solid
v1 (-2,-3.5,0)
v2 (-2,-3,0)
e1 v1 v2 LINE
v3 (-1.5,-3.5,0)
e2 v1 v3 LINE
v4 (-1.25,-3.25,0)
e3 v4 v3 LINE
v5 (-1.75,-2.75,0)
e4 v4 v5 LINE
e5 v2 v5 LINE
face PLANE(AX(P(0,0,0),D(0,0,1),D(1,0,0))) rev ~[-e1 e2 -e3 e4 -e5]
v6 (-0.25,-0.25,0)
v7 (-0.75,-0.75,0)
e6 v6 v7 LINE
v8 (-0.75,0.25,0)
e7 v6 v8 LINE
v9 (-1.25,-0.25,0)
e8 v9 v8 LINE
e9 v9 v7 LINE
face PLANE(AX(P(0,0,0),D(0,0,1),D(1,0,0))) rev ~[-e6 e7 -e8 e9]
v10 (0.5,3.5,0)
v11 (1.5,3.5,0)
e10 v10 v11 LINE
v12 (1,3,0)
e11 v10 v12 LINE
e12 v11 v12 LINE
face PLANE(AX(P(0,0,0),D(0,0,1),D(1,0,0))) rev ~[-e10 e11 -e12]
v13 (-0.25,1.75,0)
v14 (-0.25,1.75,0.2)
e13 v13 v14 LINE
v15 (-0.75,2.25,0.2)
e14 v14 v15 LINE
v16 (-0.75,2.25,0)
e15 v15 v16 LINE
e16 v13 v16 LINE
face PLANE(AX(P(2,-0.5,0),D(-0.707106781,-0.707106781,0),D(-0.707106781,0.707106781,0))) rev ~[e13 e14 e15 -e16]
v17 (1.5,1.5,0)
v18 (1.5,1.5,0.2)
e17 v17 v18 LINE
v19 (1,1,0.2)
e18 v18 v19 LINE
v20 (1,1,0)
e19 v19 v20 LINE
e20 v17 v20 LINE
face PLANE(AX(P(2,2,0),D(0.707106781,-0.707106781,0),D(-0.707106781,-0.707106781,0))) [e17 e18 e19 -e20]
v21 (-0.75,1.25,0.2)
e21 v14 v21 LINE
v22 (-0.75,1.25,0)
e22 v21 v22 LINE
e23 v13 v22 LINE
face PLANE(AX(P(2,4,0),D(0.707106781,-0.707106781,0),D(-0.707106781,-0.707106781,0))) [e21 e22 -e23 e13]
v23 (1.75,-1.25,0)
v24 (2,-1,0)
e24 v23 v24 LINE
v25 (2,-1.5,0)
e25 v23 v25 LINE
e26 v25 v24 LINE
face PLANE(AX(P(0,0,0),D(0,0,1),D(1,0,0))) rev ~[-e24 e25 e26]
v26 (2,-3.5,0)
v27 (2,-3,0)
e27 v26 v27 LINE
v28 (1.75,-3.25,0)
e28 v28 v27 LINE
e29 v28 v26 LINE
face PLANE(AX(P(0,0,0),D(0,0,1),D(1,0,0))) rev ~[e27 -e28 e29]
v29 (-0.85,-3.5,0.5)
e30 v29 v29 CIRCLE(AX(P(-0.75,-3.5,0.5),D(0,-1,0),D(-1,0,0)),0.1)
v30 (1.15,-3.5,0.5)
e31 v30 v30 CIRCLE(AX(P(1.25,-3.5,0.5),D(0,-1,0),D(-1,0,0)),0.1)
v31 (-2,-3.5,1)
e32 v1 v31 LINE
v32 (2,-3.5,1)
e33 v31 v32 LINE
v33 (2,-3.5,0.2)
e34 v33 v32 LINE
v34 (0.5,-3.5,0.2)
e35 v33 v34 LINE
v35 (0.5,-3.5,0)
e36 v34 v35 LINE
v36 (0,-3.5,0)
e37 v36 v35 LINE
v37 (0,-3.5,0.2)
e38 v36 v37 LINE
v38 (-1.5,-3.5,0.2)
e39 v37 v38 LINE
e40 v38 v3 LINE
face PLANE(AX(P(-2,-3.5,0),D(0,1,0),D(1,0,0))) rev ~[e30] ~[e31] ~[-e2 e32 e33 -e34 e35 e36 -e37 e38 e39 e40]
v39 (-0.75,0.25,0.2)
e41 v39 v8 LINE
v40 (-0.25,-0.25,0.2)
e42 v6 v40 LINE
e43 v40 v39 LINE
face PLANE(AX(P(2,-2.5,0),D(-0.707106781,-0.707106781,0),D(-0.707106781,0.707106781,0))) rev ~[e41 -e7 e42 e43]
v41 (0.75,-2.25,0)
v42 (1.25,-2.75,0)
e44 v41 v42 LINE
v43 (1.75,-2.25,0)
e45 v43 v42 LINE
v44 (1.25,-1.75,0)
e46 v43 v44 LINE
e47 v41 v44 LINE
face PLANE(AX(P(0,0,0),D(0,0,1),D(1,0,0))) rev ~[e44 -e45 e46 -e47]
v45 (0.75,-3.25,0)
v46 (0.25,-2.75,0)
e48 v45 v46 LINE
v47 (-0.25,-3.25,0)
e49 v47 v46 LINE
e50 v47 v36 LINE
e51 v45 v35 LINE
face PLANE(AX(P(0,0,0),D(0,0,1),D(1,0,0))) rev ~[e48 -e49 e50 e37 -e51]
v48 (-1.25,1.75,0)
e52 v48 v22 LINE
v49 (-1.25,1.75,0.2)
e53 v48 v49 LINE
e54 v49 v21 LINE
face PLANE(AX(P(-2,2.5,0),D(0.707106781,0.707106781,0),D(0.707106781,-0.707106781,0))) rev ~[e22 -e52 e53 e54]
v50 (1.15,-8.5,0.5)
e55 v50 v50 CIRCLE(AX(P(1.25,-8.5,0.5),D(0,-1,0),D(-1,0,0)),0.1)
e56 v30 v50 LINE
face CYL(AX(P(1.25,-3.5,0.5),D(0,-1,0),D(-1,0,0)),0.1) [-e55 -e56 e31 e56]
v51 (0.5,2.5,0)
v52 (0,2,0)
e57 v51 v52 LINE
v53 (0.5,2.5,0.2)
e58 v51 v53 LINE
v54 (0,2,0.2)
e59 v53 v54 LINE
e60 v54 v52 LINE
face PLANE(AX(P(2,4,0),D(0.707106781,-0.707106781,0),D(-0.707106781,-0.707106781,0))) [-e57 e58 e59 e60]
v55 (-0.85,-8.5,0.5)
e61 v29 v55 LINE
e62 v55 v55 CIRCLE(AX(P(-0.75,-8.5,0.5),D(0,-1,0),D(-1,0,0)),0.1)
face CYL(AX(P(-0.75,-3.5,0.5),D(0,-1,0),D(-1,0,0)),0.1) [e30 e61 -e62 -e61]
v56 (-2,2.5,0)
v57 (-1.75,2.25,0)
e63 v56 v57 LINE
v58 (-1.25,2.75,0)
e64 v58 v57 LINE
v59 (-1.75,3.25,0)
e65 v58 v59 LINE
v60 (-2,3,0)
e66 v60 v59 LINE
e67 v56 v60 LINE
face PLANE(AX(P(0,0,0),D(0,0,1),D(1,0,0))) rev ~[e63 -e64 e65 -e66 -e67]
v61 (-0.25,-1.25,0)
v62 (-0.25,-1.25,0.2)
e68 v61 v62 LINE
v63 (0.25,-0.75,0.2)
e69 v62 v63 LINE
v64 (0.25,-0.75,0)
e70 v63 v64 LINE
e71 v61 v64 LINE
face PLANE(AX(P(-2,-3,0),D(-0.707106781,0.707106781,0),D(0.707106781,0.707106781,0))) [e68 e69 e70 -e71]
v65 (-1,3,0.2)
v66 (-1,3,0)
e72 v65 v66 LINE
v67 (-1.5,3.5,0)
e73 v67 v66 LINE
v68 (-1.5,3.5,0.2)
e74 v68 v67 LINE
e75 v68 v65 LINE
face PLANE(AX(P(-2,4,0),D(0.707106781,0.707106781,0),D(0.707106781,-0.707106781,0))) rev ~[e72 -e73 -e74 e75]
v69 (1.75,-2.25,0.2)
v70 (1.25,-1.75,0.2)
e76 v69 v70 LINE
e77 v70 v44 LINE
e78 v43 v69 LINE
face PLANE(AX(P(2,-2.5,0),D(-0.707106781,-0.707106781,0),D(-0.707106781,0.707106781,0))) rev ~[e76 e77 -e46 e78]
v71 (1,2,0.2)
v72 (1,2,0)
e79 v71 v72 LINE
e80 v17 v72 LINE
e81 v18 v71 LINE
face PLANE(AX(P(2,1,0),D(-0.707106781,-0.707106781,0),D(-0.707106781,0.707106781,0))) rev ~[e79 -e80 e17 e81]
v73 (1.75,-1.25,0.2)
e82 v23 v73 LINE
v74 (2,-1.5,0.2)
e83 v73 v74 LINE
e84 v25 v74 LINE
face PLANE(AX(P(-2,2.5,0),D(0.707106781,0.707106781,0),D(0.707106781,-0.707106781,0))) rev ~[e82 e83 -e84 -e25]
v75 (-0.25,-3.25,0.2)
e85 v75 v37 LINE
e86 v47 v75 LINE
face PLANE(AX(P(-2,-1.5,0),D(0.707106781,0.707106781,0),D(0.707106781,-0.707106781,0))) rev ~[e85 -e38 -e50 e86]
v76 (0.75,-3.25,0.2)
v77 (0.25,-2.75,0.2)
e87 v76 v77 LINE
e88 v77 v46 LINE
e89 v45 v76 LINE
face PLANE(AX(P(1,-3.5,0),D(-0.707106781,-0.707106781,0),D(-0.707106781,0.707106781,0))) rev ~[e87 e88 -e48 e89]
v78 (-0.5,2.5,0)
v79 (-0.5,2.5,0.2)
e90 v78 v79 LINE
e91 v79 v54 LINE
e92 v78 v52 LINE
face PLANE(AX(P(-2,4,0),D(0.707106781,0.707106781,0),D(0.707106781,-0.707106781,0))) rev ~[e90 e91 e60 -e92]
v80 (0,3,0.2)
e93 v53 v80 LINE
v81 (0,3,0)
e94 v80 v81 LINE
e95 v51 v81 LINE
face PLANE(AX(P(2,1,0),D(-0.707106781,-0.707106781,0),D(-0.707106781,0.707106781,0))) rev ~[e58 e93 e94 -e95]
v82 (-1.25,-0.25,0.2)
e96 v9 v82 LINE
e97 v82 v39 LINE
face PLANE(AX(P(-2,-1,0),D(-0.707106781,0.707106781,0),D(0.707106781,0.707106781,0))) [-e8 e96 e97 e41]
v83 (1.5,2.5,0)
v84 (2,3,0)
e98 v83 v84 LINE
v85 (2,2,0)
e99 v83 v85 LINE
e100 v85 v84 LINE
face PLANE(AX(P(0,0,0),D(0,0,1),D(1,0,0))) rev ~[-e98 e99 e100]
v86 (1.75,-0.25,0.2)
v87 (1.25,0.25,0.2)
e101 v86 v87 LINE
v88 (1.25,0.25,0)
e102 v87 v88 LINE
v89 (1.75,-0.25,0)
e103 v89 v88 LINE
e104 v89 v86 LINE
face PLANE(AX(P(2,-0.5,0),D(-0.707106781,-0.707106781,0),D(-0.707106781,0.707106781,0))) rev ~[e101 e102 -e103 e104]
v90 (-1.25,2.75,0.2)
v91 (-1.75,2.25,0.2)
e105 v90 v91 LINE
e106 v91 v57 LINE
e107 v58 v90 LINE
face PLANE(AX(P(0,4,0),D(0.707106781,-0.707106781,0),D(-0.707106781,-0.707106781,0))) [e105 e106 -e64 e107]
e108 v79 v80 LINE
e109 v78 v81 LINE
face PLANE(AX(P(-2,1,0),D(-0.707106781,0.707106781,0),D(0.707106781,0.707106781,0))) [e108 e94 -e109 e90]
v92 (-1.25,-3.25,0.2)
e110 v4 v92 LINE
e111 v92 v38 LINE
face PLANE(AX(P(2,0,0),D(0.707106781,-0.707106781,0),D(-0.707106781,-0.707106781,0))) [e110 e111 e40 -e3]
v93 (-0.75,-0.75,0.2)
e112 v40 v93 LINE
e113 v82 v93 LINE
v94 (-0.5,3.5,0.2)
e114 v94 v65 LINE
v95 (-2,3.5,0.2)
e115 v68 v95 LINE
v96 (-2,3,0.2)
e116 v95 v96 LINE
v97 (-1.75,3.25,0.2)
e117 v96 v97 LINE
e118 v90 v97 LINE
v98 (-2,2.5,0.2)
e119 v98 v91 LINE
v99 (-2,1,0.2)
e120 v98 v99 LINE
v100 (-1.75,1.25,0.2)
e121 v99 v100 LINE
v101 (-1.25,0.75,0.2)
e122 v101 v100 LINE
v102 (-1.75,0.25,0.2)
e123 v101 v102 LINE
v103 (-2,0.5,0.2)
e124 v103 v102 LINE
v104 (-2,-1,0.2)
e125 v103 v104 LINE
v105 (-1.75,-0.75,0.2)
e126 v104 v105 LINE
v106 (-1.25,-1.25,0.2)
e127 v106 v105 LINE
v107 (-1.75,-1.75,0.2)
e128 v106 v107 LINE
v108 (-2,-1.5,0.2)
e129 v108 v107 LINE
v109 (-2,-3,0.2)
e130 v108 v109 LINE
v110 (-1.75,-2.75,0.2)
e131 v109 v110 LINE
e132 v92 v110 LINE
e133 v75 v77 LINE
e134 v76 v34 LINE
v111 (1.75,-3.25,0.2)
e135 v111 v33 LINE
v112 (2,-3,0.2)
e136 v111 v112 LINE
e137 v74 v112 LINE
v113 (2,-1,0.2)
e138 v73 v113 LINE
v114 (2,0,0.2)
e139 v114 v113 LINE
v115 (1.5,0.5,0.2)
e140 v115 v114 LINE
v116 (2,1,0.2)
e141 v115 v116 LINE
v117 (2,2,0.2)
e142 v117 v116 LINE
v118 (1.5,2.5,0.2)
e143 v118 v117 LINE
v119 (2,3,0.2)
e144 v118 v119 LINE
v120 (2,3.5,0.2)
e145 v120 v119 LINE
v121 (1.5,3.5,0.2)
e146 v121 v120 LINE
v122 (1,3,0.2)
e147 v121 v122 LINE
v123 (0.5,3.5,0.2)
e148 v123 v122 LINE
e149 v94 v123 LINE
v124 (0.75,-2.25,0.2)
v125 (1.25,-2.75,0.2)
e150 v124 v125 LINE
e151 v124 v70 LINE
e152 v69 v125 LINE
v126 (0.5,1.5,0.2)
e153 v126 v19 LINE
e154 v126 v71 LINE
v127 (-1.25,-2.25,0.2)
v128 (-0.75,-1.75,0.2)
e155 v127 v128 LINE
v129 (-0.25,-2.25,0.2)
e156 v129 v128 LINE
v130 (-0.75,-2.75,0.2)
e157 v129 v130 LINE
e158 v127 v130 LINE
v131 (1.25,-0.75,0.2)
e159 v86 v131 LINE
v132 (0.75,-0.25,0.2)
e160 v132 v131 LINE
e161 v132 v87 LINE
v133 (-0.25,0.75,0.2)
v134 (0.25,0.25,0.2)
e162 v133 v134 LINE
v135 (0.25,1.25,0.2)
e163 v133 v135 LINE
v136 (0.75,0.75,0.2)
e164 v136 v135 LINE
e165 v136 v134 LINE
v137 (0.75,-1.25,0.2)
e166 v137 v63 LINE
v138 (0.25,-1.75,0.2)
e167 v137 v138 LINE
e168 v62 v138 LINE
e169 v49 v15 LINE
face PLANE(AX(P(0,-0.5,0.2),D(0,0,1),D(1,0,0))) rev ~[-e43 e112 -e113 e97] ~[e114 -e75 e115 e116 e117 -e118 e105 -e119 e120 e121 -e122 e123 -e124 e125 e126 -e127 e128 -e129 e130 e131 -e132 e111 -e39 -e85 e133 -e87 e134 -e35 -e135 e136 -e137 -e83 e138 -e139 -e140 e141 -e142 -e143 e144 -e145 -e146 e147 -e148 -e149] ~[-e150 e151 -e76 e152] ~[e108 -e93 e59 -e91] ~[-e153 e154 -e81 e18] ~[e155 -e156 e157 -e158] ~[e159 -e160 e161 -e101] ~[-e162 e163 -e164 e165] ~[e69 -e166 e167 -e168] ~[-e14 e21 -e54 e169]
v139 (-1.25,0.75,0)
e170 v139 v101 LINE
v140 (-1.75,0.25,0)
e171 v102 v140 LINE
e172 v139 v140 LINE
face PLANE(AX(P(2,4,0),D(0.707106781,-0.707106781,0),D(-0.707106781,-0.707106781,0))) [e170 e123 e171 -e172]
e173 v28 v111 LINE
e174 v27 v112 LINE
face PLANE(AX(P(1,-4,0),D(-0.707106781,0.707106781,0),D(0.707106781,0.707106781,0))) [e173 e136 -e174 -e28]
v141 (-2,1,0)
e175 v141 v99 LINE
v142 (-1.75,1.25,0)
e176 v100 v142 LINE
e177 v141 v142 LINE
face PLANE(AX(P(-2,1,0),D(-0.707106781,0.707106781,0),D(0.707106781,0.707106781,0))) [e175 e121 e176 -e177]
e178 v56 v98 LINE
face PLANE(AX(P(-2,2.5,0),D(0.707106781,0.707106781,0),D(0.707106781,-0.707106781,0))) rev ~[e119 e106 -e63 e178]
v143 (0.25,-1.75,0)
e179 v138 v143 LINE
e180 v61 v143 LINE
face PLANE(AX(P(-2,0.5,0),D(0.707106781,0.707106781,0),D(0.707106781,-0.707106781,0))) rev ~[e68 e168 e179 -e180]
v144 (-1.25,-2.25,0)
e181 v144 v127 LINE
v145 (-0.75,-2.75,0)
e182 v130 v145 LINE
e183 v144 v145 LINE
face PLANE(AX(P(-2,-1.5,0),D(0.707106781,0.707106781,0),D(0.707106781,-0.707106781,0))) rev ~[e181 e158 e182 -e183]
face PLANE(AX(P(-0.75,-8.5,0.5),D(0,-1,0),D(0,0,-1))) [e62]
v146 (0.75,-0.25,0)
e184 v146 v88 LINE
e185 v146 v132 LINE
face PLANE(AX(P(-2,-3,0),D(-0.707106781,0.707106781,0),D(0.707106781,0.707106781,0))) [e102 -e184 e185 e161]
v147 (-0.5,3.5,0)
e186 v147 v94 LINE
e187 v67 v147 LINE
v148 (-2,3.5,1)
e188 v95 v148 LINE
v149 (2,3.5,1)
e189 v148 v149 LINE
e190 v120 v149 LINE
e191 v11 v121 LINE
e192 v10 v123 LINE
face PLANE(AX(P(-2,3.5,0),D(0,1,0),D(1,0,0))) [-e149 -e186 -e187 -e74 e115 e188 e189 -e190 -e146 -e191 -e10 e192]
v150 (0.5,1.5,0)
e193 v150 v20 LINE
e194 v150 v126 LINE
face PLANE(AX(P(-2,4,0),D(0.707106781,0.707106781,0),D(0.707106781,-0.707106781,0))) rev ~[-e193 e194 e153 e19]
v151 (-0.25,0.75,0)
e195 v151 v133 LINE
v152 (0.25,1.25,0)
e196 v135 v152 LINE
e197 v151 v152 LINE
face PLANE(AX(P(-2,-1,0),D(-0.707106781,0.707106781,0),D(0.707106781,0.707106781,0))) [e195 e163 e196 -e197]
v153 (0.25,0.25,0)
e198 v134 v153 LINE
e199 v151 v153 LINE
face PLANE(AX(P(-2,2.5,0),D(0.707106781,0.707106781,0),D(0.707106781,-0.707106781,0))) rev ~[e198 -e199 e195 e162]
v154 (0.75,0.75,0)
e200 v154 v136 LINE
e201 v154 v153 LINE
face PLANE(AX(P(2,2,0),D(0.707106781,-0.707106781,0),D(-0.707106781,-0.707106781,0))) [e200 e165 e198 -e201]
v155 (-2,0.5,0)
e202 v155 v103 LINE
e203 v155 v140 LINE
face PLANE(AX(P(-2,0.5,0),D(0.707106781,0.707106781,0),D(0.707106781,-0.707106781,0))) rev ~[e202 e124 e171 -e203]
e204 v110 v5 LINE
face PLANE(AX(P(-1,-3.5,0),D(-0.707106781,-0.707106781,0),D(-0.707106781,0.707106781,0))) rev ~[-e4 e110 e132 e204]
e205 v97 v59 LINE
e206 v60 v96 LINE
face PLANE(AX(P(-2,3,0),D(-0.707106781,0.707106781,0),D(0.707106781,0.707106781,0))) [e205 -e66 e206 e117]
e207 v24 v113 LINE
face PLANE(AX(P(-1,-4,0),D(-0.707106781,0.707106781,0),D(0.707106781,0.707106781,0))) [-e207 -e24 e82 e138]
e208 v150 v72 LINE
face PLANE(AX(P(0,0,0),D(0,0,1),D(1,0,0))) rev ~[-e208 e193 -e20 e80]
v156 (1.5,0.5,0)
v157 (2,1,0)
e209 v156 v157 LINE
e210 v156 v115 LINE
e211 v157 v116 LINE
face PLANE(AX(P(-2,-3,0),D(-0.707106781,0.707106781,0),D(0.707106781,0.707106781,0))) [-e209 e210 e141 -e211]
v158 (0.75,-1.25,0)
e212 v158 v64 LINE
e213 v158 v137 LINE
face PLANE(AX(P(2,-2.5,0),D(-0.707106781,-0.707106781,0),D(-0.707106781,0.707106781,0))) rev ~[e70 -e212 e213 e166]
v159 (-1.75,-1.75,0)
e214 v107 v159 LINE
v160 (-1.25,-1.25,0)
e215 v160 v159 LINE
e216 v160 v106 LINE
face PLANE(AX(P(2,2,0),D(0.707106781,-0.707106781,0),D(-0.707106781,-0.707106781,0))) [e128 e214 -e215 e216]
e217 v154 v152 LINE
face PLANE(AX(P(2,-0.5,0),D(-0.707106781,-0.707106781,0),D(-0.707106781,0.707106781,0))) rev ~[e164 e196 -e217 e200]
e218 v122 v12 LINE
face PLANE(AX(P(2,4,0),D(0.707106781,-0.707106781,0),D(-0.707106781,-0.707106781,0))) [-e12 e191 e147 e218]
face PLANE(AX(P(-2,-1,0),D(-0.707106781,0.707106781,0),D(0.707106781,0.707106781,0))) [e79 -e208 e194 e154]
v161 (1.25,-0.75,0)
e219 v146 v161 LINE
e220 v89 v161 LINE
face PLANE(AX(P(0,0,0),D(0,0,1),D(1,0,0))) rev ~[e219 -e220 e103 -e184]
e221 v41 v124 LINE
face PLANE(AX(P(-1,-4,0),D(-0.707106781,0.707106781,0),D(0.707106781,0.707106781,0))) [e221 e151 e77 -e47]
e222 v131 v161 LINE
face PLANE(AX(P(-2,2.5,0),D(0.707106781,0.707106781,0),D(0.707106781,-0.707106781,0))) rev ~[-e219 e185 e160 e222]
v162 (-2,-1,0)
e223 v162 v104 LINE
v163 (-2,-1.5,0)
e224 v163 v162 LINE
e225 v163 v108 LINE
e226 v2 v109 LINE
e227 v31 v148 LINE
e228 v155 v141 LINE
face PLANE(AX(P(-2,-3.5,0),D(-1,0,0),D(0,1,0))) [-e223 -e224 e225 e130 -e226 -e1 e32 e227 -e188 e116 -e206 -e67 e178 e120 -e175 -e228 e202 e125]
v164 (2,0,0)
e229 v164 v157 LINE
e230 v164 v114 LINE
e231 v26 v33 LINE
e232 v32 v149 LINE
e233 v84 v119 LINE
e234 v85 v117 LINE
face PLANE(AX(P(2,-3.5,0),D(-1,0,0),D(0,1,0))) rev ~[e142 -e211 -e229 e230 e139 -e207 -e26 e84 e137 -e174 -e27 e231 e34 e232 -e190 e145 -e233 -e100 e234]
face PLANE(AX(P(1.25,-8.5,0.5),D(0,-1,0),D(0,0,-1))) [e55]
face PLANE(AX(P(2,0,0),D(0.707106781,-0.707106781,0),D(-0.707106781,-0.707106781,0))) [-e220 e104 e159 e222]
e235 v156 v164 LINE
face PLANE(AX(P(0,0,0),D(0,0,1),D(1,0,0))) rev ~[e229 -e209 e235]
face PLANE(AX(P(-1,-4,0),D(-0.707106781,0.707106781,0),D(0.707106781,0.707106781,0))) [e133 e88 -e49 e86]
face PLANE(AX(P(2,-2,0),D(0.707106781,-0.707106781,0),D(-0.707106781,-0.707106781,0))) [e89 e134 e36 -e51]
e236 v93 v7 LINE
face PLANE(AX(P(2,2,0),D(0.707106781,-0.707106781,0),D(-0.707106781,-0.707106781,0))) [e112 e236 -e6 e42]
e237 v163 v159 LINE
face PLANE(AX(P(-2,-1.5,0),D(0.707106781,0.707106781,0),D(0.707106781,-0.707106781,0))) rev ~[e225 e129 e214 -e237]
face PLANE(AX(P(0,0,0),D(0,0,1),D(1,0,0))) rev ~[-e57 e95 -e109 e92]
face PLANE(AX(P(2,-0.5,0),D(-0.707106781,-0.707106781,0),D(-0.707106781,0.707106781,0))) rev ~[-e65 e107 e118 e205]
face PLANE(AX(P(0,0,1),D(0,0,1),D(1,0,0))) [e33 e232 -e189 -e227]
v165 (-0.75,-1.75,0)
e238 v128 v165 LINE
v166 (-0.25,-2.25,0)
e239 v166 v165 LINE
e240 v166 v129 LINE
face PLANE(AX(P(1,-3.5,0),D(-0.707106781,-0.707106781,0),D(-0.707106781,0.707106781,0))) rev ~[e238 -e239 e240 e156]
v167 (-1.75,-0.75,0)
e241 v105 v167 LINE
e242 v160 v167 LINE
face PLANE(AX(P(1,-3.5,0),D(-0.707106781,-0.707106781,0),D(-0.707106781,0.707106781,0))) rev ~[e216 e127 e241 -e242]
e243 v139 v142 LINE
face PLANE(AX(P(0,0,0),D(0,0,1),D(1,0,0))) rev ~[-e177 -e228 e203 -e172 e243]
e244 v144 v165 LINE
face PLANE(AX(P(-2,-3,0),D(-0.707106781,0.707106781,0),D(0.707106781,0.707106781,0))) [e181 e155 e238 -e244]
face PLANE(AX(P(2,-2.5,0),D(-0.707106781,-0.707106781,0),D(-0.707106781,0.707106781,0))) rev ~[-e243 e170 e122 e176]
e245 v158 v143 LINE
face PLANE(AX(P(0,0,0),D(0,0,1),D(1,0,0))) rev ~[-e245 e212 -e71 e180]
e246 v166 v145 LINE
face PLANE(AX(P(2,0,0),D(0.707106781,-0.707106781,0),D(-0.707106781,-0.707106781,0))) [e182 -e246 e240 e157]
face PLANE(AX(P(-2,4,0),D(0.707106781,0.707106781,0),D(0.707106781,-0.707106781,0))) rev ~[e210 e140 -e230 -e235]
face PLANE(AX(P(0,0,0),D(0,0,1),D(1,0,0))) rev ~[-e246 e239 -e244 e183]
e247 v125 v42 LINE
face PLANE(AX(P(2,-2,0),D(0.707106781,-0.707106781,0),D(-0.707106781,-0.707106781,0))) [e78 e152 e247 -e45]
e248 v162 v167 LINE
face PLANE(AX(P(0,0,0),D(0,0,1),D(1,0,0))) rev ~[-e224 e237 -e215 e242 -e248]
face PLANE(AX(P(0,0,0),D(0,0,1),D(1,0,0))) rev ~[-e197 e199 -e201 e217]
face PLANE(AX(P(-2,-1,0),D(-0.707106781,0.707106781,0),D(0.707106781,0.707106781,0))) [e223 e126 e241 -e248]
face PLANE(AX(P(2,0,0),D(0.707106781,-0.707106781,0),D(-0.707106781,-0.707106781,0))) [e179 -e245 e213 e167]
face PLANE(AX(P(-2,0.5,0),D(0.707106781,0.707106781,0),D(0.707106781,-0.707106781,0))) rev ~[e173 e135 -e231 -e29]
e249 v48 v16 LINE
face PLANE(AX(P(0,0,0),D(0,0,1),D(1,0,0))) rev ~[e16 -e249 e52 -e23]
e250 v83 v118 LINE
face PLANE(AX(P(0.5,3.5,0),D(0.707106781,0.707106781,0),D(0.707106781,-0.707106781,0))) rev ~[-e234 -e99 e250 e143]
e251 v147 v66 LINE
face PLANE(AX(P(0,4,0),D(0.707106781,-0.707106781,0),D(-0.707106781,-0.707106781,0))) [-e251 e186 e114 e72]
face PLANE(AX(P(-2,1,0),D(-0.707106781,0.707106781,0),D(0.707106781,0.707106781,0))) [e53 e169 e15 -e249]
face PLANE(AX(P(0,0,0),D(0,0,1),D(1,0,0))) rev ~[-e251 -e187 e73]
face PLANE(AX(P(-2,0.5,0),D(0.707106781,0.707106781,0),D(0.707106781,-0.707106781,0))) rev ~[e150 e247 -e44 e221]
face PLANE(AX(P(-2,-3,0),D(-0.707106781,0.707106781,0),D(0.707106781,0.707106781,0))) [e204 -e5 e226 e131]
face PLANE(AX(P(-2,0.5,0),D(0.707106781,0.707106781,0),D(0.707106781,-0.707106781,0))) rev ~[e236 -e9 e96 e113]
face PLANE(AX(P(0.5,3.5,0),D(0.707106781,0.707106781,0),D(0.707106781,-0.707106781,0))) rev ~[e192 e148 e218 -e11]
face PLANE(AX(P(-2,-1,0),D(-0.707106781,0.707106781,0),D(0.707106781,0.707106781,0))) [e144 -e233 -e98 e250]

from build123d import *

# Parameters (mm, degrees)
SKETCH_1_W          = 4
SKETCH_1_H          = 7
EXTRUDE_2_DEPTH     = 1
CUT_EXTRUDE_1_DEPTH = 0.2
CUT_EXTRUDE_3_DEPTH = 0.2
SWEEP_1_PROFILE_R   = 0.1
SWEEP_2_PROFILE_R   = 0.1


with BuildPart() as part:
    # 草图1 → 凸台-拉伸2 (new body)
    with BuildSketch(Plane.XY):
        Rectangle(SKETCH_1_W, SKETCH_1_H)
    extrude(amount=EXTRUDE_2_DEPTH)

    # 草图2 → 切除-拉伸1 (cut)
    with BuildSketch(Plane(origin=(0, 0, 0), x_dir=(-1, 0, 0), z_dir=(0, 0, -1))):
        Polygon((1, -3.5), (2, -2.5), (2, -1.5), (0, -3.5), align=None)
        Polygon((-1, -3.5), (2, -0.5), (2, 0.5), (-2, -3.5), align=None)
        Polygon((-2, -2.5), (2, 1.5), (2, 2.5), (-2, -1.5), align=None)
        Polygon((2, 4), (-2, 0), (-2, -0.5), (2, 3.5), align=None)
        Polygon((-2, 1), (0.5, 3.5), (-0.5, 3.5), (-2, 2), align=None)
        Polygon((-2, 3), (-1.5, 3.5), (-2, 3.5), align=None)
    extrude(amount=-CUT_EXTRUDE_1_DEPTH, mode=Mode.SUBTRACT)

    # 草图4 → 切除-拉伸3 (cut)
    with BuildSketch(Plane.XY):
        Polygon((1, -4), (2, -3), (2, -2), (0, -4), align=None)
        Polygon((-1, -4), (2, -1), (2, 0), (-2, -4), align=None)
        Polygon((-2, -3), (2, 1), (2, 2), (-2, -2), align=None)
        Polygon((2, 4), (-2, 0), (-2, -1), (2, 3), align=None)
        Polygon((-2, 1), (1, 4), (0, 4), (-2, 2), align=None)
        Polygon((-2, 3), (-1, 4), (-2, 4), align=None)
    extrude(amount=CUT_EXTRUDE_3_DEPTH, mode=Mode.SUBTRACT)

    # 扫描1: sweep along a path in 草图5
    with BuildLine(Plane.XY.offset(0.5)) as sweep_1_path:
        Line((1.25, -3.5), (1.25, -8.5))
    # 扫描1 profile (on start of the path) → 扫描1 (sweep)
    with BuildSketch(Plane(origin=(1.25, -3.5, 0.5), x_dir=(-1, 0, 0), z_dir=(0, -1, 0))):
        Circle(SWEEP_1_PROFILE_R)
    sweep(path=sweep_1_path.line)

    # 扫描2: sweep along a path in 草图18
    with BuildLine(Plane.XY.offset(0.5)) as sweep_2_path:
        Line((-0.75, -3.5), (-0.75, -8.5))
    # 扫描2 profile (on start of the path) → 扫描2 (sweep)
    with BuildSketch(Plane(origin=(-0.75, -3.5, 0.5), x_dir=(-1, 0, 0), z_dir=(0, -1, 0))):
        Circle(SWEEP_2_PROFILE_R)
    sweep(path=sweep_2_path.line)


solid = part.part
